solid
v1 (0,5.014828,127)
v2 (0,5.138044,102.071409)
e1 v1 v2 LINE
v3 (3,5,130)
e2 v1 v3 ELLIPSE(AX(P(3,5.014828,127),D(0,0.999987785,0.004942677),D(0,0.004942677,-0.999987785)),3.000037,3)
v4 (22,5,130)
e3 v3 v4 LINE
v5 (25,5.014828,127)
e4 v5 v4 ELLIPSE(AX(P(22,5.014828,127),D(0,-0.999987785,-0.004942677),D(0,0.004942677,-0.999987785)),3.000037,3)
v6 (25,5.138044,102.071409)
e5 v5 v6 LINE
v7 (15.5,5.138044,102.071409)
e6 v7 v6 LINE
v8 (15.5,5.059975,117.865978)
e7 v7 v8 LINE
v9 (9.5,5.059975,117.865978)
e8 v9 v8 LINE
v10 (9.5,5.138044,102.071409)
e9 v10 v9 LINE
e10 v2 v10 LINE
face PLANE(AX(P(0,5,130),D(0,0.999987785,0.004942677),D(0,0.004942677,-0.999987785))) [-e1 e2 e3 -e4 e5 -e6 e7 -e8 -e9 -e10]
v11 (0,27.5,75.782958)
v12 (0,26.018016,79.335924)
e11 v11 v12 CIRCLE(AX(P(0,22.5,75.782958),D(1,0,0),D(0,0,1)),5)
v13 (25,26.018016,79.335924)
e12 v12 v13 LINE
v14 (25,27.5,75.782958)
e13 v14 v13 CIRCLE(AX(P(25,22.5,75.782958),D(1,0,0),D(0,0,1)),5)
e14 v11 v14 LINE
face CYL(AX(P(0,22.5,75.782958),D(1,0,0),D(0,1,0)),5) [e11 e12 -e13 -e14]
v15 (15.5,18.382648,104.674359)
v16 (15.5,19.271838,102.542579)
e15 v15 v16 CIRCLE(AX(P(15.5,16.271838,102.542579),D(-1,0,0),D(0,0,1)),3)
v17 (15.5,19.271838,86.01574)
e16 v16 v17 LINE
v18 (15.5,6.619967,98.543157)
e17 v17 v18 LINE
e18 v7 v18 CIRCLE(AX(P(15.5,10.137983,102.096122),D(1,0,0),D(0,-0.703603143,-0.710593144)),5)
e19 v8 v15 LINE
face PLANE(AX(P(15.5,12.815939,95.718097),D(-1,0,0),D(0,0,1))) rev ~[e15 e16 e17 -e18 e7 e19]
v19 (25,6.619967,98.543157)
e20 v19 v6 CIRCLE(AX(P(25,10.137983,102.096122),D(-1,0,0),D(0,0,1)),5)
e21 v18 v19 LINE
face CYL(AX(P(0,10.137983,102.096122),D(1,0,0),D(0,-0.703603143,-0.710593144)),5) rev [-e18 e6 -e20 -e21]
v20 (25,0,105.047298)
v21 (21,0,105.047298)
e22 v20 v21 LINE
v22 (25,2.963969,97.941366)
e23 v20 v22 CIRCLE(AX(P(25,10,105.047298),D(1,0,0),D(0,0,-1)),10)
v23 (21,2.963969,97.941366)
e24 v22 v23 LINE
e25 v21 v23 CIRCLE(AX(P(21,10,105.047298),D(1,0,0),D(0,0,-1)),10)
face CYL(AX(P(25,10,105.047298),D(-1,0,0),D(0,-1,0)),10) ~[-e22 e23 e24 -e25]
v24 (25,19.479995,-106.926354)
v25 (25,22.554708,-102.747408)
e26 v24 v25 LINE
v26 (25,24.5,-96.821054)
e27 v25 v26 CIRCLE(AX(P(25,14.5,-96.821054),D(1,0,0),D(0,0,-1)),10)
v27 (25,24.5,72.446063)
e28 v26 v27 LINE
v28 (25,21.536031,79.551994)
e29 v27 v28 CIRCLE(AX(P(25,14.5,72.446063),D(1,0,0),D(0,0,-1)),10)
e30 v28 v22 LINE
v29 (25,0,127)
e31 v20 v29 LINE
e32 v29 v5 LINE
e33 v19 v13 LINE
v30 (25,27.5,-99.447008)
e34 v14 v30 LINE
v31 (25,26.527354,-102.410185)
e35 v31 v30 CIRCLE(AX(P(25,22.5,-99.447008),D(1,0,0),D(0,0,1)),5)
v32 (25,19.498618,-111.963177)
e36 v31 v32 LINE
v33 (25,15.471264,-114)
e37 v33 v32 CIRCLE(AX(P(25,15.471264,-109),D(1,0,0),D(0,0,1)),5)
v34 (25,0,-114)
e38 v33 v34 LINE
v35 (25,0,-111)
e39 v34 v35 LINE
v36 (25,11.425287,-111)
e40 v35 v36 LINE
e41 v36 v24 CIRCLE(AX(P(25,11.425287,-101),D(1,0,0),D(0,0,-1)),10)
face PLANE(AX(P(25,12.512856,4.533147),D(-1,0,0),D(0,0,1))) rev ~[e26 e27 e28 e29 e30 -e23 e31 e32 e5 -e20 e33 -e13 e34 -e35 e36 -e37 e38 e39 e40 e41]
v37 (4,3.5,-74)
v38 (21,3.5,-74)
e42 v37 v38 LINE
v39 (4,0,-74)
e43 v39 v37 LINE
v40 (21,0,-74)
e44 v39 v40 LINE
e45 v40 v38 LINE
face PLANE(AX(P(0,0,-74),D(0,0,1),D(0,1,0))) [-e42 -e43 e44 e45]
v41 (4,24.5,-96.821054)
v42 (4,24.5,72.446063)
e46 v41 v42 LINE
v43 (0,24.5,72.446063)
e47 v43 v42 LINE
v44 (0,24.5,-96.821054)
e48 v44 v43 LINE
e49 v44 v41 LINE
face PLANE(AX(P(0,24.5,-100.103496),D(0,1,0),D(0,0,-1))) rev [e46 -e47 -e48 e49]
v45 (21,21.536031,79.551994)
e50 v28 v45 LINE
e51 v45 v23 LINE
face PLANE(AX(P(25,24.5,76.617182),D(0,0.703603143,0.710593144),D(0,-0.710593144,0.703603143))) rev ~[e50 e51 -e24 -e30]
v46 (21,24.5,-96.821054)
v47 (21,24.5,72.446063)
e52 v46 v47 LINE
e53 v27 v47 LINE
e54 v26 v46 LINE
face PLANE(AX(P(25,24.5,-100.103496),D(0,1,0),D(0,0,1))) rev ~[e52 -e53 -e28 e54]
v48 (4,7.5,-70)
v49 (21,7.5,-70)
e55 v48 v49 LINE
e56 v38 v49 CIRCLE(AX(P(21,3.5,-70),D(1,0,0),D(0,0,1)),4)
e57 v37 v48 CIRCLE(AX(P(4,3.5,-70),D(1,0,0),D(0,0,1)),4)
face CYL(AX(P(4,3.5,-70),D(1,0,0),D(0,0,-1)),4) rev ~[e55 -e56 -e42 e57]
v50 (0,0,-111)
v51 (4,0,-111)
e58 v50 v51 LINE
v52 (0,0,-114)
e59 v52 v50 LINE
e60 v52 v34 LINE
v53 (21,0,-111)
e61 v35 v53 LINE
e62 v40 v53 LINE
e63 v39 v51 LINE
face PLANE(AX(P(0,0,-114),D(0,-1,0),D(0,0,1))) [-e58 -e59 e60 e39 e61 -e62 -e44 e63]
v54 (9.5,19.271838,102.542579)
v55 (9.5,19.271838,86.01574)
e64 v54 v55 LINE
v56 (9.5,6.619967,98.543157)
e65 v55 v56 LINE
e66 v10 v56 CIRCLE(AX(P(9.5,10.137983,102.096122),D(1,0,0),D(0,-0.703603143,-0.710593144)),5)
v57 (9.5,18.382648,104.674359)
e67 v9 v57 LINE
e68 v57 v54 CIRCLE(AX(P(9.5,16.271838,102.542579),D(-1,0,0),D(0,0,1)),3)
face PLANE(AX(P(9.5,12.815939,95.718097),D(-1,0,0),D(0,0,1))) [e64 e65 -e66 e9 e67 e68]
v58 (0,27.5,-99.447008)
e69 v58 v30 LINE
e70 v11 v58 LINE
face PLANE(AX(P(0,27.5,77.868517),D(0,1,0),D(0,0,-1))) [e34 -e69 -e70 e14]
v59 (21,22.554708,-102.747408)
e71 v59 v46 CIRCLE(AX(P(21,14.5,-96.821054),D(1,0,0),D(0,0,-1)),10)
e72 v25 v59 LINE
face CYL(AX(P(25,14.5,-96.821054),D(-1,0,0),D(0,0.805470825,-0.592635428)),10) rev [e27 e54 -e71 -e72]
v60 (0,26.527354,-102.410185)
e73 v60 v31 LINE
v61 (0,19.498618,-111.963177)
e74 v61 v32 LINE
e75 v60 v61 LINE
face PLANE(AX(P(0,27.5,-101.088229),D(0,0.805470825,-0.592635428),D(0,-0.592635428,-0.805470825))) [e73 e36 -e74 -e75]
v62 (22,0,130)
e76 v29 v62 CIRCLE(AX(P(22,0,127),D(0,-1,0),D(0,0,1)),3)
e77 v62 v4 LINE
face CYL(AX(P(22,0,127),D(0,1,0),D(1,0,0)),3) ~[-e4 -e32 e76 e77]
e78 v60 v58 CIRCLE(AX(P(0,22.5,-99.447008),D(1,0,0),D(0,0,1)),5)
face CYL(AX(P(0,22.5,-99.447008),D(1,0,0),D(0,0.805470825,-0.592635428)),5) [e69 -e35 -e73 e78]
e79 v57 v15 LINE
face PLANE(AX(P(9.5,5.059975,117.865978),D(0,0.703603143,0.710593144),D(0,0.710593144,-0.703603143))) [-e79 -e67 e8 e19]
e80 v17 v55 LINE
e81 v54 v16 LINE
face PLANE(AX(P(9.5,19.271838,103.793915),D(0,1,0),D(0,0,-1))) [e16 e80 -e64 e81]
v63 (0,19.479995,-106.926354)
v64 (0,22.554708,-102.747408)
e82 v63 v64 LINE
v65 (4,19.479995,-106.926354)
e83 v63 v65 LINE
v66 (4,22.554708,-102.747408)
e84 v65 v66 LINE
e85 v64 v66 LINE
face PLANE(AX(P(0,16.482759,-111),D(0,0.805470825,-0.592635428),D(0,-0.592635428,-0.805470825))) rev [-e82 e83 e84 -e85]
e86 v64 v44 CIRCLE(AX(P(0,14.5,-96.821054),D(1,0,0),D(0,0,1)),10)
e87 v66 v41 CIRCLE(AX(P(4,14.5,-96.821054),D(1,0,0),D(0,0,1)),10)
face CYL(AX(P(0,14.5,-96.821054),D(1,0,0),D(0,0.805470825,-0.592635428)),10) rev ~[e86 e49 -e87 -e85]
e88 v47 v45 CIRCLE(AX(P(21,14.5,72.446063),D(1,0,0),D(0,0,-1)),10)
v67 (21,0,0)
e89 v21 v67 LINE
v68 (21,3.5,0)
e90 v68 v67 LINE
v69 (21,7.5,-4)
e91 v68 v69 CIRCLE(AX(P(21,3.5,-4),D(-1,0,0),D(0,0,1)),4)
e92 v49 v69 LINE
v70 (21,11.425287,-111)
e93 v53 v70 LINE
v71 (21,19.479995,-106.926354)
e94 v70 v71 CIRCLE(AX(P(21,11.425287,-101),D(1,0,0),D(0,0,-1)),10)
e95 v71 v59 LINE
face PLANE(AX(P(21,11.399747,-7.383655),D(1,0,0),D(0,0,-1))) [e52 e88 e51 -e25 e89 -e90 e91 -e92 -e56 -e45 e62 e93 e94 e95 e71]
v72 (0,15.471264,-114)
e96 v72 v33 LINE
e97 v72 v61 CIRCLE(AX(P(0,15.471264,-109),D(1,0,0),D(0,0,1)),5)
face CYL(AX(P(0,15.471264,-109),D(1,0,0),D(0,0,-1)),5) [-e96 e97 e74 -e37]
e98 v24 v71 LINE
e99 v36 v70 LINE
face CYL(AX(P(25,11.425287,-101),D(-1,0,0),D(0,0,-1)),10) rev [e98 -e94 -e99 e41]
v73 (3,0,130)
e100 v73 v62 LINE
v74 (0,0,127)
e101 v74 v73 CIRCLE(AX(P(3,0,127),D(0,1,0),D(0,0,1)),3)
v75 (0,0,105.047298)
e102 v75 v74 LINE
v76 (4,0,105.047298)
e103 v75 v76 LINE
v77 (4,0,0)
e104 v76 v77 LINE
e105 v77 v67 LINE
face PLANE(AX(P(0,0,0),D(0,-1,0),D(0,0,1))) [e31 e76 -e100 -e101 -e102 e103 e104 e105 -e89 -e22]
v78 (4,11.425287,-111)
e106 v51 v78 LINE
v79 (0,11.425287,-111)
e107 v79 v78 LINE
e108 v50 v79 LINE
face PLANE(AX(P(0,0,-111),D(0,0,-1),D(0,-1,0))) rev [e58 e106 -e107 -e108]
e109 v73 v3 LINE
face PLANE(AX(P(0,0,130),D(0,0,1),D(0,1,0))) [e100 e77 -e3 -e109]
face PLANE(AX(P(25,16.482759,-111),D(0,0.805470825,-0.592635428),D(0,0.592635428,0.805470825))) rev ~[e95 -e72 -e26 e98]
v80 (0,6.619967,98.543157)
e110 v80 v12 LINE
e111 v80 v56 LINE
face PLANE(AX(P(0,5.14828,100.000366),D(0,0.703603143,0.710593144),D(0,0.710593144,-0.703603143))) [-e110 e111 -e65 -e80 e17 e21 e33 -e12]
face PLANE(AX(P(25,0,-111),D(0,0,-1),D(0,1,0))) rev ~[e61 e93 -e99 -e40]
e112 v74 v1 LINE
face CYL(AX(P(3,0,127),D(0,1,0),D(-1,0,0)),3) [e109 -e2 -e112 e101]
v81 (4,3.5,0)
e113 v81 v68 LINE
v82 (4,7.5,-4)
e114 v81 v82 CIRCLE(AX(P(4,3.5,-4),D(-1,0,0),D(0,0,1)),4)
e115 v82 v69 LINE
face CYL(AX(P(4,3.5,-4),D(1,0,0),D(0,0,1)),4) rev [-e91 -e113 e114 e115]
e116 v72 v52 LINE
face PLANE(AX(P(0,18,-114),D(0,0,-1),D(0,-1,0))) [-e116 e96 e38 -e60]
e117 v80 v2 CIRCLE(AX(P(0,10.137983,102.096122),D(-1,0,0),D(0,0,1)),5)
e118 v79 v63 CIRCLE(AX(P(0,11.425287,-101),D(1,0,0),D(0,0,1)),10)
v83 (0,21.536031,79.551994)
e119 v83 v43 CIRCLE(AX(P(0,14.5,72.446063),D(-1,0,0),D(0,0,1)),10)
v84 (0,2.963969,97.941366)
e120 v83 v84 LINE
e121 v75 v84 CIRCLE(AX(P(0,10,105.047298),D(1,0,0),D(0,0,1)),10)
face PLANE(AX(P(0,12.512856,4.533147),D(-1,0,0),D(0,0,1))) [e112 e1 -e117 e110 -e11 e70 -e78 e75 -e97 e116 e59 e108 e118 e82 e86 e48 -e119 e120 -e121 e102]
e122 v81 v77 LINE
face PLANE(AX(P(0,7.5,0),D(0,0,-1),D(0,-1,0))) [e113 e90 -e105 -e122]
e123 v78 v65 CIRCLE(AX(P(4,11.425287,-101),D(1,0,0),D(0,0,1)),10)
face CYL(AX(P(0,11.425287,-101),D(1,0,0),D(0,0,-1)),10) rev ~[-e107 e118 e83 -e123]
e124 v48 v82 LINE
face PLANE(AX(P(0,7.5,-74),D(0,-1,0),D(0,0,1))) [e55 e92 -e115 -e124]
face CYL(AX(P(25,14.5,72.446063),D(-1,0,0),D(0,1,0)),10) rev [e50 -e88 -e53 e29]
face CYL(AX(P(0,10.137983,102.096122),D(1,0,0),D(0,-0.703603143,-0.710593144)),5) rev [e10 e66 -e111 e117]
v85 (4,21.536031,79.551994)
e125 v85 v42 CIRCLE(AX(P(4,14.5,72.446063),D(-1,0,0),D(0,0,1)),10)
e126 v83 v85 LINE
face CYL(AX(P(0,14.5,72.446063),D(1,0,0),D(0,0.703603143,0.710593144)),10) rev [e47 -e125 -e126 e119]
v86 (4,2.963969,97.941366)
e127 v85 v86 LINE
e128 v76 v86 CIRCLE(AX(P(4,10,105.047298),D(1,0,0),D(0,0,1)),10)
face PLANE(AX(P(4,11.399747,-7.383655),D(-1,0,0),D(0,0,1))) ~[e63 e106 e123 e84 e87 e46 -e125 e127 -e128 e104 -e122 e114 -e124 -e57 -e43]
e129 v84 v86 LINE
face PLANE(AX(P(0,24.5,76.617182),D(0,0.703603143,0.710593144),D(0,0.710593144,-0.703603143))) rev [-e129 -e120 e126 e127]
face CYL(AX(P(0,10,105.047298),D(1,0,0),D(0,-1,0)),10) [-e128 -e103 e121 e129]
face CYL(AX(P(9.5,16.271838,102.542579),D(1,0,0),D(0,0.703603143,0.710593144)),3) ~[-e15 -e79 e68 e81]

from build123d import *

# Parameters (mm, degrees)
BOSS_EXTRUDE1_DEPTH      = 25
CUT_EXTRUDE1_DEPTH       = 4
FILLET1_R                = 4
FILLET2_R                = 10
FILLET3_R                = 5
FILLET4_R                = 3
BOSS_EXTRUDE2_DEPTH      = 3
BOSS_EXTRUDE2_DEPTH_BACK = 3
FILLET5_R                = 3


with BuildPart() as part:
    # Sketch1 → Boss-Extrude1 (new body)
    with BuildSketch(Plane(origin=(0, 0, 0), x_dir=(0, 0, -1), z_dir=(1, 0, 0))):
        Polygon((0, 0), (-130, 0), (-130, 5), (-100.000366453, 5.148280317), (-77.868517379, 27.5), (101.088229162, 27.5), (114, 18), (114, 0), (74, 0), (74, 7.5), (0, 7.5), align=None)
    extrude(amount=BOSS_EXTRUDE1_DEPTH)

    # Sketch4 → Cut-Extrude1 (cut)
    with BuildSketch(Plane(origin=(25, 0, 0), x_dir=(0, 0, -1), z_dir=(1, 0, 0))):
        Polygon((-100.876178749, 0), (0, 0), (111, 0), (111, 3), (111, 16.482758557), (100.103496394, 24.5), (-76.617181678, 24.5), align=None)
    cut_extrude1 = extrude(amount=-CUT_EXTRUDE1_DEPTH, mode=Mode.SUBTRACT)

    # Mirror2: Cut-Extrude1 across plane
    add(cut_extrude1.mirror(Plane(origin=(12.5, 0, 0), x_dir=(0, 0, 1), z_dir=(1, 0, 0))), mode=Mode.SUBTRACT)

    # Fillet1
    fillet1_edges = [part.edges().sort_by_distance(p)[0] for p in [
        (12.5, 7.5, -74),
        (12.5, 7.5, 0),
    ]]
    fillet(fillet1_edges, radius=FILLET1_R)

    # Fillet2
    fillet2_edges = [part.edges().sort_by_distance(p)[0] for p in [
        (23, 0, 100.876178749),
        (23, 24.5, 76.617181678),
        (23, 24.5, -100.103496394),
        (23, 16.482758557, -111),
        (2, 0, 100.876178749),
        (2, 16.482758557, -111),
        (2, 24.5, -100.103496394),
        (2, 24.5, 76.617181678),
    ]]
    fillet(fillet2_edges, radius=FILLET2_R)

    # Fillet3
    fillet3_edges = [part.edges().sort_by_distance(p)[0] for p in [
        (12.5, 5.148280317, 100.000366453),
        (12.5, 27.5, 77.868517379),
        (12.5, 27.5, -101.088229162),
        (12.5, 18, -114),
    ]]
    fillet(fillet3_edges, radius=FILLET3_R)

    # Fillet4
    fillet4_edges = [part.edges().sort_by_distance(p)[0] for p in [
        (0, 2.5, 130),
        (25, 2.5, 130),
    ]]
    fillet(fillet4_edges, radius=FILLET4_R)

    # Sketch5 → Boss-Extrude2 (add, two sides: drawn at the far end of the back side and taken through both)
    with BuildSketch(Plane(origin=(12.5, 0, 0), x_dir=(0, 0, -1), z_dir=(1, 0, 0)).offset(-BOSS_EXTRUDE2_DEPTH_BACK)):
        Polygon((-117.8659777, 5.059975288), (-103.793914836, 19.271838176), (-72.605250228, 19.271838176), (-95.8659777, 5.059975288), align=None)
    extrude(amount=BOSS_EXTRUDE2_DEPTH + BOSS_EXTRUDE2_DEPTH_BACK)

    # Fillet5
    fillet5_edges = [part.edges().sort_by_distance(p)[0] for p in [
        (12.5, 19.271838176, 103.793914836),
    ]]
    fillet(fillet5_edges, radius=FILLET5_R)


solid = part.part
